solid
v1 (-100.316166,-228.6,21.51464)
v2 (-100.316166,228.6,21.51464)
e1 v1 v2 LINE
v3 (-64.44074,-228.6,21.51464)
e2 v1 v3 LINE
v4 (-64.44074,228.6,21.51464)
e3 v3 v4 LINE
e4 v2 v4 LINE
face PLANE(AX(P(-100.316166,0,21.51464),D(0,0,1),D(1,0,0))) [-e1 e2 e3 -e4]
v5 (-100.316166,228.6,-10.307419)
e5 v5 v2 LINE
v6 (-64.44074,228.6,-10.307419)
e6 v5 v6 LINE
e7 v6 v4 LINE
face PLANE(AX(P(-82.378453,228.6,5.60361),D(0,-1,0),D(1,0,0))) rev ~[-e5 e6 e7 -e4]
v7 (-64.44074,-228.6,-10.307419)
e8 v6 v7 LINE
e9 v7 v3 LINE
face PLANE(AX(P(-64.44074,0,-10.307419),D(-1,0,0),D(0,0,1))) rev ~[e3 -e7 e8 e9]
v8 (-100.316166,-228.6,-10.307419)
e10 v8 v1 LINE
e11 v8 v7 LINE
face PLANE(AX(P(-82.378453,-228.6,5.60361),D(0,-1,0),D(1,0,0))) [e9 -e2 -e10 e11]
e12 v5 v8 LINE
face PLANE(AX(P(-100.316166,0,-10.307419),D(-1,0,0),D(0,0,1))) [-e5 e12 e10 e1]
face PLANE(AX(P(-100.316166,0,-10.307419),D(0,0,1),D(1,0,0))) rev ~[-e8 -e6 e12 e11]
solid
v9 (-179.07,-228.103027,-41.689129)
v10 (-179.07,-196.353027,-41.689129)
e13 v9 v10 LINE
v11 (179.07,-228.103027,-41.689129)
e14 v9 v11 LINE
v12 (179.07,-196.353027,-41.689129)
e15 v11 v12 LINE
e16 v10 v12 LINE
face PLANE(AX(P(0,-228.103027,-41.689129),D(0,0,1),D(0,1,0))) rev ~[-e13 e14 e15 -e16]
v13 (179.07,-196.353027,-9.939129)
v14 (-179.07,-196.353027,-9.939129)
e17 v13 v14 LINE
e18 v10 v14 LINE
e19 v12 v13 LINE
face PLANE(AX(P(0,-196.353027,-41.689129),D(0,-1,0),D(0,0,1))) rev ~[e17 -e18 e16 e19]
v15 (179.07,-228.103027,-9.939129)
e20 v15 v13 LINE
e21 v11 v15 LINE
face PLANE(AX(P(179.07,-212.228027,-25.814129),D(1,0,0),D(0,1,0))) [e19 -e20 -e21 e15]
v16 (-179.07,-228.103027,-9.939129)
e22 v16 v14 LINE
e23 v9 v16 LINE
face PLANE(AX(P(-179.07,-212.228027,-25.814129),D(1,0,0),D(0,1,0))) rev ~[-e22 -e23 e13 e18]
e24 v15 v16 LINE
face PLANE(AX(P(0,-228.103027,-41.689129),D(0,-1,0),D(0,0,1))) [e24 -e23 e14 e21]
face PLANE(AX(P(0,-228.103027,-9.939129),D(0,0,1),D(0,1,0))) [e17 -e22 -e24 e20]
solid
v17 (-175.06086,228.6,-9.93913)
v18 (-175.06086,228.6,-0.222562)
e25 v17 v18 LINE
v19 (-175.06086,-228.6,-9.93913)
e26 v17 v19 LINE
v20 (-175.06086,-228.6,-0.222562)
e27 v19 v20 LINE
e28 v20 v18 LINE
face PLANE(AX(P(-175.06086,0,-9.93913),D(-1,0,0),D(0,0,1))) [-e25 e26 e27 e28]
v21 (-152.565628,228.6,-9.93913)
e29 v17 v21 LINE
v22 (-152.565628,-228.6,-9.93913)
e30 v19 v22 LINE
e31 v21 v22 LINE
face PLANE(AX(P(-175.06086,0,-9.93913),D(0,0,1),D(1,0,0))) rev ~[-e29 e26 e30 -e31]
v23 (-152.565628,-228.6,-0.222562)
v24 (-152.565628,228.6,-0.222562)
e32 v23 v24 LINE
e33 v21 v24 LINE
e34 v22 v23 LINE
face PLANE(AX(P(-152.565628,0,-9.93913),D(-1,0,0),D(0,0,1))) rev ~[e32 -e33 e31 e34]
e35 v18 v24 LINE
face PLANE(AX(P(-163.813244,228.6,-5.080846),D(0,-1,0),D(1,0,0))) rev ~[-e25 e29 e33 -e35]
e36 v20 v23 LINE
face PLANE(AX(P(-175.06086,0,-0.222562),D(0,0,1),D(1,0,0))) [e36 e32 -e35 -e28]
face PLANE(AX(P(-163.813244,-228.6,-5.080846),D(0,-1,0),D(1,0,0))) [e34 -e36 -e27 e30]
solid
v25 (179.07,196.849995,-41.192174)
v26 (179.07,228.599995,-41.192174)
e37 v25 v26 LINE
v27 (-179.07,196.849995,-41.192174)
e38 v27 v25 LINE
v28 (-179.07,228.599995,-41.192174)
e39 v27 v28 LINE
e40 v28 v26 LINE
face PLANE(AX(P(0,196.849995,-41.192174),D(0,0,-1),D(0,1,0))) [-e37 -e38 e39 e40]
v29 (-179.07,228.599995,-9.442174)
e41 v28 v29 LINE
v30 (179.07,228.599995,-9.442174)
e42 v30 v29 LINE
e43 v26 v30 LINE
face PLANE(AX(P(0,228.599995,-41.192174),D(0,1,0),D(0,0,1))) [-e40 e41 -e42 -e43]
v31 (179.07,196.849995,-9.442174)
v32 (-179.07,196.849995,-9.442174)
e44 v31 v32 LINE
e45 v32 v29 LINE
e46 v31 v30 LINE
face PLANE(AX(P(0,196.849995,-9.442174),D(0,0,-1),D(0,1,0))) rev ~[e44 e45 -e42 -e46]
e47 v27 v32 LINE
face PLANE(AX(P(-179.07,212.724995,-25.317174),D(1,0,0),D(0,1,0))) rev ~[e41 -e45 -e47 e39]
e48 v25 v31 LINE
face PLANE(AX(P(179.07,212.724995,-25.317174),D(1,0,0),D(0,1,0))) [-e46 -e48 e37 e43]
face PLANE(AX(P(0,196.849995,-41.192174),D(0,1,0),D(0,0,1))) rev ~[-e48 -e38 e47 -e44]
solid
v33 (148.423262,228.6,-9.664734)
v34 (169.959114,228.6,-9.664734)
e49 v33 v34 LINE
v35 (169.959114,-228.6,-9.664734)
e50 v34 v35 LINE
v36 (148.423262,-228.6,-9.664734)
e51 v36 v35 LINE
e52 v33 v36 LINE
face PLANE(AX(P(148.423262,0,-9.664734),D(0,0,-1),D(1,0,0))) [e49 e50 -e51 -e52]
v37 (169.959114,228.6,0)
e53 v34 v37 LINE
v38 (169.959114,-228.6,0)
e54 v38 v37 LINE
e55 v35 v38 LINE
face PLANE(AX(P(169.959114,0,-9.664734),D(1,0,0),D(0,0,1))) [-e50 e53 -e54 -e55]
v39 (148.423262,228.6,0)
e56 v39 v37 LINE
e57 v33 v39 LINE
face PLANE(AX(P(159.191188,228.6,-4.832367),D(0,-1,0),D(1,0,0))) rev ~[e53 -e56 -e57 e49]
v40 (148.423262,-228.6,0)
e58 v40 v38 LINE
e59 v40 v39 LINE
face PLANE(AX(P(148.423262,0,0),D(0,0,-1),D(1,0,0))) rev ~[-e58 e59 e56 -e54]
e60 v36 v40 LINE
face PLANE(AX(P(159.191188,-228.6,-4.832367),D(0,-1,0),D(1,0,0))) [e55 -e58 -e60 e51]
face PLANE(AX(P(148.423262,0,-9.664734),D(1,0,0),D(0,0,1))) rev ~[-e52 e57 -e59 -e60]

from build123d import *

# Parameters (mm, degrees)
F0_W     = 31.75
F0_H     = 31.75
F1_DEPTH = 179.07
F2_W     = 35.875427
F2_H     = 31.822059
F2_W_2   = 22.495233
F2_H_2   = 9.716568
F2_W_3   = 21.535851
F2_H_3   = 9.664734
F3_DEPTH = 228.6


with BuildPart() as f1:
    # F0 (on Right) → F1 (new body, symmetric)
    with BuildSketch(Plane.YZ):
        with Locations((-212.228027, -25.814129)):
            Rectangle(F0_W, F0_H)
        with Locations((212.724995, -25.317174)):
            Rectangle(F0_W, F0_H)
    extrude(amount=F1_DEPTH, both=True)


with BuildPart() as f3:
    # F2 (on Front) → F3 (new body, symmetric)
    with BuildSketch(Plane.XZ):
        with Locations((-82.378453, 5.60361)):
            Rectangle(F2_W, F2_H)
        with Locations((-163.813244, -5.080846)):
            Rectangle(F2_W_2, F2_H_2)
        with Locations((159.191188, -4.832367)):
            Rectangle(F2_W_3, F2_H_3)
    extrude(amount=F3_DEPTH, both=True)


solid = Compound([f1.part, f3.part])
